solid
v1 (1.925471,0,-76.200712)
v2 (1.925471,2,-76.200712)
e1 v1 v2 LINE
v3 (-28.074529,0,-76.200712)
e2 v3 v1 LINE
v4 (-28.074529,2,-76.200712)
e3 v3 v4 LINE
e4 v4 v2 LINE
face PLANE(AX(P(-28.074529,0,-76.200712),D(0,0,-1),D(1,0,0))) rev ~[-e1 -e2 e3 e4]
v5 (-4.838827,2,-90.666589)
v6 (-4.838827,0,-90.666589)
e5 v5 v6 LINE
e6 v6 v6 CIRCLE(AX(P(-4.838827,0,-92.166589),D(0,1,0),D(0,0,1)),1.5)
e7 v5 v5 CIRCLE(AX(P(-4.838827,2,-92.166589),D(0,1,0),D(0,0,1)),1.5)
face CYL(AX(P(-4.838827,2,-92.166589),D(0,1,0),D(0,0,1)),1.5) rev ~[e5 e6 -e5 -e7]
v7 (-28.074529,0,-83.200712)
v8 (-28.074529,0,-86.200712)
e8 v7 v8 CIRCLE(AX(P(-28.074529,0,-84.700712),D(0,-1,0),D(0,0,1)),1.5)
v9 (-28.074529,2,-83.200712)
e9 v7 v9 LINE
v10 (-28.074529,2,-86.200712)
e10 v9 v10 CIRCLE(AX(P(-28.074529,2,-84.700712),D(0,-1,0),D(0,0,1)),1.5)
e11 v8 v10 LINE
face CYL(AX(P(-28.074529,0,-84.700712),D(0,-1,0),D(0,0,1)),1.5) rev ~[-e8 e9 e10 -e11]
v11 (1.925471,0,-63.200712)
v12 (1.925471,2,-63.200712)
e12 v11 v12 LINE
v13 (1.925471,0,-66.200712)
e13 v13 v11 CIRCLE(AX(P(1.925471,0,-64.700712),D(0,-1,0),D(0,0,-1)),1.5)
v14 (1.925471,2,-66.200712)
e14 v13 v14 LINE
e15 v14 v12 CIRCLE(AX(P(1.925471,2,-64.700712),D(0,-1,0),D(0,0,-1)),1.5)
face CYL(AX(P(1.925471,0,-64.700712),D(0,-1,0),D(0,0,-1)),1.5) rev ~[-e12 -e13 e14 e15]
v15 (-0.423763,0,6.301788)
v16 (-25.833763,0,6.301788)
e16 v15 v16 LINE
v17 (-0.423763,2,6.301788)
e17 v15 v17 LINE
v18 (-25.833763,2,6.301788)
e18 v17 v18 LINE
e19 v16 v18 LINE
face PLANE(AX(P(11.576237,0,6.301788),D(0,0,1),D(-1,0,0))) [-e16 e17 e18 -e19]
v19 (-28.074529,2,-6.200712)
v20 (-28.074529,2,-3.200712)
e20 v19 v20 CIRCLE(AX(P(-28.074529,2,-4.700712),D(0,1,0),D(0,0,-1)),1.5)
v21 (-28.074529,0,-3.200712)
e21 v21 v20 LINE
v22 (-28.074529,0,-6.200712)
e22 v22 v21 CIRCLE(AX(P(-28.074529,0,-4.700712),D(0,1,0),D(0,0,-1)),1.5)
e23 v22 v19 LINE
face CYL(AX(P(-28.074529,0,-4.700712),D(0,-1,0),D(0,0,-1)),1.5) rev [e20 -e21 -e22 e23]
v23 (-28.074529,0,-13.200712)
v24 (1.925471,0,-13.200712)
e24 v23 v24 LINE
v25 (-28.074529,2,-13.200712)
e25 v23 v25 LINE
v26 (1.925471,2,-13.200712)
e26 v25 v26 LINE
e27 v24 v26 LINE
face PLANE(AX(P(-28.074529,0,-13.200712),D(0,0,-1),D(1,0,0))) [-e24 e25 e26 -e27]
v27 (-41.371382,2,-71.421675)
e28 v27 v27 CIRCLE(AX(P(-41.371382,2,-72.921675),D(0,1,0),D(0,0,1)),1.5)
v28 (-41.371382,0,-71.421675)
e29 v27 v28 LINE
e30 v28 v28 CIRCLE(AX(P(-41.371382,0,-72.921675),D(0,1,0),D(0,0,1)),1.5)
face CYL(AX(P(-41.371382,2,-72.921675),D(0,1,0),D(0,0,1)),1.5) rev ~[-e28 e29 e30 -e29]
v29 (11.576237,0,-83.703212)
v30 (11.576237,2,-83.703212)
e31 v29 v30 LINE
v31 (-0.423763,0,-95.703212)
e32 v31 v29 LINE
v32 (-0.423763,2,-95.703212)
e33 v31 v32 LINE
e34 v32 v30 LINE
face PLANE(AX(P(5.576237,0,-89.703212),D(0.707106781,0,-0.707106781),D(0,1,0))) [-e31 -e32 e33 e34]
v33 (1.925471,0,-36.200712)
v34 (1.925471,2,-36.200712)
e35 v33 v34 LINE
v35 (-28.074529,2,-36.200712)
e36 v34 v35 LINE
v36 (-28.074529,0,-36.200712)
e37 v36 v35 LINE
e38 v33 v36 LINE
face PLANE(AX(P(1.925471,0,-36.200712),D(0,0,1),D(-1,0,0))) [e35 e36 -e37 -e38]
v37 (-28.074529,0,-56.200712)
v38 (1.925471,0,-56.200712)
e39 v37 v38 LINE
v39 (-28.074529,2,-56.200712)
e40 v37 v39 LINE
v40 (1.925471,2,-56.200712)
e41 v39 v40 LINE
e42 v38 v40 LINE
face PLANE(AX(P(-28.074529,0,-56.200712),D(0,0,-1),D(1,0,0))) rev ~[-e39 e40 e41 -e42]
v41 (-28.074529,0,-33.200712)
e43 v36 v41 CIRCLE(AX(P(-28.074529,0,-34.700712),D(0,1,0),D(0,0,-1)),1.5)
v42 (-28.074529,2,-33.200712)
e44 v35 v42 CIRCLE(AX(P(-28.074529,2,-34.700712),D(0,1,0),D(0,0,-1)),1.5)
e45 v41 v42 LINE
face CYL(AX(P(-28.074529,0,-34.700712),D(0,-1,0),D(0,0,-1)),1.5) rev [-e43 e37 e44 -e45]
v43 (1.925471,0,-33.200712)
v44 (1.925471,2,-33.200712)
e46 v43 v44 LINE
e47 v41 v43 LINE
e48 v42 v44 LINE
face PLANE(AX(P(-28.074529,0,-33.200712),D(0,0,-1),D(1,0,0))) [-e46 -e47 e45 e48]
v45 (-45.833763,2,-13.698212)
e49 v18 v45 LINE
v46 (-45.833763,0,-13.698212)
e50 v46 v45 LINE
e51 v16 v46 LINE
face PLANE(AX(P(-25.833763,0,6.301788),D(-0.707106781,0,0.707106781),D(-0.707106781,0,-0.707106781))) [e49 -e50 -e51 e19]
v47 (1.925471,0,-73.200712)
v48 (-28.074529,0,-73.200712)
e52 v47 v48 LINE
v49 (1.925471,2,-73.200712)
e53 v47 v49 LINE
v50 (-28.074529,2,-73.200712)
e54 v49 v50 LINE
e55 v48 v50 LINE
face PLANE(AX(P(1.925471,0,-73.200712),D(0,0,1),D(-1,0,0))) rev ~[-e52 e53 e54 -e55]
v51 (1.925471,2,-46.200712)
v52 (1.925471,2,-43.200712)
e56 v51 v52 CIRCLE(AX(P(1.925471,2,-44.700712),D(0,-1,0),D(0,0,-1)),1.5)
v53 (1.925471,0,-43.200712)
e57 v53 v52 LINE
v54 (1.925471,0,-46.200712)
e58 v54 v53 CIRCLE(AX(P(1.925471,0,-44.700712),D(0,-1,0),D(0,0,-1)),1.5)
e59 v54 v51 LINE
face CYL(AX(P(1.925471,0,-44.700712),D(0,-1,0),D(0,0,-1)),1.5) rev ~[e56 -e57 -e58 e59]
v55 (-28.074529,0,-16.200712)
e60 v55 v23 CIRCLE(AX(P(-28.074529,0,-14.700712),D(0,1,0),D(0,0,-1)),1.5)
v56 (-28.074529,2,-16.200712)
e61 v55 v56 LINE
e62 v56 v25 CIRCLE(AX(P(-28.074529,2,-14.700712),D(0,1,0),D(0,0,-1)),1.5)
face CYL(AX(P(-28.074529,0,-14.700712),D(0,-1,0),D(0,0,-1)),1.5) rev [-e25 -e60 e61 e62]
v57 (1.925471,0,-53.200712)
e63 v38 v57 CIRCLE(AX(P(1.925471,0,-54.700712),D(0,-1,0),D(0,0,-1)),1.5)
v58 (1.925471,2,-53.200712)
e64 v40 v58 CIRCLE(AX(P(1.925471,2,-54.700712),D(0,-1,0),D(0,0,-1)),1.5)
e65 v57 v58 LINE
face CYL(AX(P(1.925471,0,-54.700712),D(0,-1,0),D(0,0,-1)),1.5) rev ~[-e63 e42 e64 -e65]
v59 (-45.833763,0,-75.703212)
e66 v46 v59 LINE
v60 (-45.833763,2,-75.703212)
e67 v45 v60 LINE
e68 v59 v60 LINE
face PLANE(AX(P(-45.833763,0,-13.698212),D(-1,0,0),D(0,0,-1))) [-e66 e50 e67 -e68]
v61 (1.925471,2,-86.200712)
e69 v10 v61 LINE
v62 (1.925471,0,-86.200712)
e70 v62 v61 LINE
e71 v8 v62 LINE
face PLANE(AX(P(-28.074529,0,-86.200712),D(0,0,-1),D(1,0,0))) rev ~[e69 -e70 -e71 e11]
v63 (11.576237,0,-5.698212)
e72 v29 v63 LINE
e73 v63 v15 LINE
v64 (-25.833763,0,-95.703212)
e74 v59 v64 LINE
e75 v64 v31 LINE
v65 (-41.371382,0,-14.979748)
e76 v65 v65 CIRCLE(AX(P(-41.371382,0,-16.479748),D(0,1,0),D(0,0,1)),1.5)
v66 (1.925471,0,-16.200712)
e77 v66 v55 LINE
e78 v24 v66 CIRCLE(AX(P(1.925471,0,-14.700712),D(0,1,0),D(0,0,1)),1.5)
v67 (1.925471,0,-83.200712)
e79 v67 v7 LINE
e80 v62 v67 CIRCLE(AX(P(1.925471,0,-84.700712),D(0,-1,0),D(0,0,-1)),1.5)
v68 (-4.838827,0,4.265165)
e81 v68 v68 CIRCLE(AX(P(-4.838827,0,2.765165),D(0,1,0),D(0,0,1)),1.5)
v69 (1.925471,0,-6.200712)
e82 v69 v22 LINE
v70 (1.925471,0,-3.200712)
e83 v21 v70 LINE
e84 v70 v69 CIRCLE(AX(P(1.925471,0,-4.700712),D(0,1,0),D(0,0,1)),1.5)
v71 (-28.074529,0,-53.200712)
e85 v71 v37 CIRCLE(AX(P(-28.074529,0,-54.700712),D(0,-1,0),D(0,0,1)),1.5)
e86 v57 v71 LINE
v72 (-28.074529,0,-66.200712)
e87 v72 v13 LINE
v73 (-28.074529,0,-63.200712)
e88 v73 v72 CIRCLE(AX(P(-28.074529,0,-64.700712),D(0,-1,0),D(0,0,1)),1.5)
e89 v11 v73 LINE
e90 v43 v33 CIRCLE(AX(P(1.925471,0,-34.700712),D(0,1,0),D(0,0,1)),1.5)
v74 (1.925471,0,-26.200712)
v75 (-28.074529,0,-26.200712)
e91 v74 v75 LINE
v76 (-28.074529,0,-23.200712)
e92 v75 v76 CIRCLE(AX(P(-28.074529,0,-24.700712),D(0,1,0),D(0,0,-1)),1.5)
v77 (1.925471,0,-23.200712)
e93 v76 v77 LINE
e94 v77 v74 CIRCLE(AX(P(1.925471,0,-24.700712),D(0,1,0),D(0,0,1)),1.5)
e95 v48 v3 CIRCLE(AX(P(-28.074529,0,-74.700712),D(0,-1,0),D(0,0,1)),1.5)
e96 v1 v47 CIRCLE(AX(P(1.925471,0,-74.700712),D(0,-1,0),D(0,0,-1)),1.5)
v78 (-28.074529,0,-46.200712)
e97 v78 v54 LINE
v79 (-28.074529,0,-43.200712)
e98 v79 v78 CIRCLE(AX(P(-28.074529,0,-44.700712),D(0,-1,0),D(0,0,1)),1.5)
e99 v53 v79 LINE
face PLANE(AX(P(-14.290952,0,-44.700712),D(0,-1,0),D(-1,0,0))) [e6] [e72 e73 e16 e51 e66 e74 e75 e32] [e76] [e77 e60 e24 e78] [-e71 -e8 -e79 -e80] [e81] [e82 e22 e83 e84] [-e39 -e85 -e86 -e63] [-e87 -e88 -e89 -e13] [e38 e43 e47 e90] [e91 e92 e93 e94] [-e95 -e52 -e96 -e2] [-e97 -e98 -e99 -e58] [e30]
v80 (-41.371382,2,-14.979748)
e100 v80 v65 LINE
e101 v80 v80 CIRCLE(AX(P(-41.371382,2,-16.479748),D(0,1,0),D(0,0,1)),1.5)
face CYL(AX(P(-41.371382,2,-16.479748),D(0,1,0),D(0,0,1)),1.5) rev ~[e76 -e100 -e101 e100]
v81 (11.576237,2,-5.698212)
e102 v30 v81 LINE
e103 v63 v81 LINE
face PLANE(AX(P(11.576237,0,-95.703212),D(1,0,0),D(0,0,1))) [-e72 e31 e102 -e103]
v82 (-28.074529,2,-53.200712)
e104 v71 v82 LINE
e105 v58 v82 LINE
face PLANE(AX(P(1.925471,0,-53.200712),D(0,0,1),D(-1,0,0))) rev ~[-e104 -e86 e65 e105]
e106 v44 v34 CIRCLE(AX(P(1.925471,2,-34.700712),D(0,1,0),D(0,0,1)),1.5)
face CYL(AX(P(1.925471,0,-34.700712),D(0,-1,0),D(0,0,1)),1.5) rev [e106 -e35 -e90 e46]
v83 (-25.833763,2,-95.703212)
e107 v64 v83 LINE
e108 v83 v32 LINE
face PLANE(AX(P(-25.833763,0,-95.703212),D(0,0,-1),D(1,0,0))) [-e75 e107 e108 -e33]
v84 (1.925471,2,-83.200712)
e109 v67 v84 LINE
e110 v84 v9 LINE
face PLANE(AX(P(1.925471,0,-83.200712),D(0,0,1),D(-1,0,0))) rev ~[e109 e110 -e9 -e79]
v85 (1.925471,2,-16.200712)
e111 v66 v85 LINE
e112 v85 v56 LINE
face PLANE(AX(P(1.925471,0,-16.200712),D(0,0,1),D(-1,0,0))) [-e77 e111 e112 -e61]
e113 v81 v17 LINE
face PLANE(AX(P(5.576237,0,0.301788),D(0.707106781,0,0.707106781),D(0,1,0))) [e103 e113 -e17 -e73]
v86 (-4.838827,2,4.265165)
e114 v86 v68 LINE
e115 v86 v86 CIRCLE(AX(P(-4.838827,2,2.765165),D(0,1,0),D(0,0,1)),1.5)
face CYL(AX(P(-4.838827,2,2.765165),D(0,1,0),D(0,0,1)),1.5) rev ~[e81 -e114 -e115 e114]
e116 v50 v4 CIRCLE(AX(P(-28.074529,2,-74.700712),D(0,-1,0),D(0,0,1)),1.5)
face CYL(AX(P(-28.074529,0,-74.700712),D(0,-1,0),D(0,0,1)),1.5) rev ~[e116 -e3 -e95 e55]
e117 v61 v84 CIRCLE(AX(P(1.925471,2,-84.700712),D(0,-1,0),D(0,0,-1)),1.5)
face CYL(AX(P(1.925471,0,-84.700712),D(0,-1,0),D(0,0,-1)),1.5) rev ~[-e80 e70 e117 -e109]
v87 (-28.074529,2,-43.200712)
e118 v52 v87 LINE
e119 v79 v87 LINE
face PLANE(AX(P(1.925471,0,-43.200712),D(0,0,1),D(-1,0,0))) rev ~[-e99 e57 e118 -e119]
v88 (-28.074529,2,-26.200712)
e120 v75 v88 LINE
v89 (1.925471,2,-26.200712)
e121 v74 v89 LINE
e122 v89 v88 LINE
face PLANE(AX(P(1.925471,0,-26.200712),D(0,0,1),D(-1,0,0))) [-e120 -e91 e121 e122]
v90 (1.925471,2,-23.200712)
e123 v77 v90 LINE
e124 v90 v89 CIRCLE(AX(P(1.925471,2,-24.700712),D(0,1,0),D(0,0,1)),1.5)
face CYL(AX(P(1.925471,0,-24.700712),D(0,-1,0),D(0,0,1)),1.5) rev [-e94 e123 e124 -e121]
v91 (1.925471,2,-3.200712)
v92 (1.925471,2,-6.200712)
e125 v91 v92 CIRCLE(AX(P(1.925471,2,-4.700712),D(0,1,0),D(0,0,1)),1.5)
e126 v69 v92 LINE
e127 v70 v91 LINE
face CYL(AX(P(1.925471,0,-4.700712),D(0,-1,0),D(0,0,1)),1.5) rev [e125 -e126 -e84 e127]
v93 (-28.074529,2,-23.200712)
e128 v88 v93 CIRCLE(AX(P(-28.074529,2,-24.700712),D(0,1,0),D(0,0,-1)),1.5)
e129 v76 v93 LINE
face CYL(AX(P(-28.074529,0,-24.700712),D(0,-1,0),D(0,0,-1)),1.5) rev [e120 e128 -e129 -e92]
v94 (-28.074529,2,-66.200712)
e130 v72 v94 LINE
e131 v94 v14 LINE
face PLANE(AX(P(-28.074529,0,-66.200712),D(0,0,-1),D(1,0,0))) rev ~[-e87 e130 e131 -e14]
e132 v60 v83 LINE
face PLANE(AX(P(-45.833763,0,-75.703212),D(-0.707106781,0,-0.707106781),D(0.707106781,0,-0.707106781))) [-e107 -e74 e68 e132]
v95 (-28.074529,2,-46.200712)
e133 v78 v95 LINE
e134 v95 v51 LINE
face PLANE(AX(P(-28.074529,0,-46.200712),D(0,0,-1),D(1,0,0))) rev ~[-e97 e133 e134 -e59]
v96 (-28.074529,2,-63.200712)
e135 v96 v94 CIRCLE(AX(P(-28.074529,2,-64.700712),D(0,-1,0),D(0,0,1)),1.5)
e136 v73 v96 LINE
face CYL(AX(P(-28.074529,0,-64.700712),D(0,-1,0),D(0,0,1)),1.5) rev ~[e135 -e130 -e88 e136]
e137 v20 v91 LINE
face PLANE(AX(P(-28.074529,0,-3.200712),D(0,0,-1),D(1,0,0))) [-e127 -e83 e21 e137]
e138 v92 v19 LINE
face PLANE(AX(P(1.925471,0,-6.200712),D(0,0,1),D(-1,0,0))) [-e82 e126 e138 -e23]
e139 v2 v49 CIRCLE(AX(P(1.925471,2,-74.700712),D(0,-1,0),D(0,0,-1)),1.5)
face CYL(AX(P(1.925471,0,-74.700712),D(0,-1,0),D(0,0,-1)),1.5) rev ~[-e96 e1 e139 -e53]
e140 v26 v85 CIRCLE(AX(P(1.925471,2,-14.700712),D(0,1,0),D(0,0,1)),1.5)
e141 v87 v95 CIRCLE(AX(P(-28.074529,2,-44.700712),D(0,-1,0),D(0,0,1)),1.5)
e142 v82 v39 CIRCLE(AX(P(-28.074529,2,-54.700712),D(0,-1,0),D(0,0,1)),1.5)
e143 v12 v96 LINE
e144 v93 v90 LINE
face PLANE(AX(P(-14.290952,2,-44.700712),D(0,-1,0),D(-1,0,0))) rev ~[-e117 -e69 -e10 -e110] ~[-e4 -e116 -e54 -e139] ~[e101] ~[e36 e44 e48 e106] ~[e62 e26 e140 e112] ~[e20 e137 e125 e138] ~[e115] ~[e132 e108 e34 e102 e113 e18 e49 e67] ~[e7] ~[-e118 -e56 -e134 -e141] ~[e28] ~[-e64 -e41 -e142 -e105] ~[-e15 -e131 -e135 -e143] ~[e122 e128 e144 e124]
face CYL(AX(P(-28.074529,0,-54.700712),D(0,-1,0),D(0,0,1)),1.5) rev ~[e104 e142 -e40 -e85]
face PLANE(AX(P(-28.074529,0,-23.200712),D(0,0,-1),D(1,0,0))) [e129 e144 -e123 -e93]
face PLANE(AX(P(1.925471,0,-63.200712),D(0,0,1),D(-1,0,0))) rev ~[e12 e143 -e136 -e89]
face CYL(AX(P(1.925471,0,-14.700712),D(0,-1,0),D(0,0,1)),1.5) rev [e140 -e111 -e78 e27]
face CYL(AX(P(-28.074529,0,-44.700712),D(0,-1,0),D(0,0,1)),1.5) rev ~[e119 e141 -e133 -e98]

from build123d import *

# Parameters (mm, degrees)
BOSS_EXTRUDE1_DEPTH = 2
CHAMFER1_SIZE       = 12
SKETCH2_R           = 1.5
CUT_EXTRUDE1_DEPTH  = 10


with BuildPart() as part:
    # Sketch1 → Boss-Extrude1 (new body)
    with BuildSketch(Plane(origin=(0, 0, 0), x_dir=(1, 0, 0), z_dir=(0, 1, 0))):
        Polygon((-25.833763343, 95.703211573), (11.576236657, 95.703211573), (11.576236657, -6.301788427), (-25.833763343, -6.301788427), (-45.833763343, 13.698211573), (-45.833763343, 75.703211573), align=None)
        with BuildLine():
            Line((1.925471464, 43.200711573), (-28.074528536, 43.200711573))
            ThreePointArc((-28.074528536, 43.200711573), (-29.574528536, 44.700711573), (-28.074528536, 46.200711573))
            Line((-28.074528536, 46.200711573), (1.925471464, 46.200711573))
            ThreePointArc((1.925471464, 46.200711573), (3.425471464, 44.700711573), (1.925471464, 43.200711573))
        make_face(mode=Mode.SUBTRACT)
        with BuildLine():
            Line((1.925471464, 53.200711573), (-28.074528536, 53.200711573))
            ThreePointArc((-28.074528536, 53.200711573), (-29.574528536, 54.700711573), (-28.074528536, 56.200711573))
            Line((-28.074528536, 56.200711573), (1.925471464, 56.200711573))
            ThreePointArc((1.925471464, 56.200711573), (3.425471464, 54.700711573), (1.925471464, 53.200711573))
        make_face(mode=Mode.SUBTRACT)
        with BuildLine():
            Line((1.925471464, 63.200711573), (-28.074528536, 63.200711573))
            ThreePointArc((-28.074528536, 63.200711573), (-29.574528536, 64.700711573), (-28.074528536, 66.200711573))
            Line((-28.074528536, 66.200711573), (1.925471464, 66.200711573))
            ThreePointArc((1.925471464, 66.200711573), (3.425471464, 64.700711573), (1.925471464, 63.200711573))
        make_face(mode=Mode.SUBTRACT)
        with BuildLine():
            Line((1.925471464, 73.200711573), (-28.074528536, 73.200711573))
            ThreePointArc((-28.074528536, 73.200711573), (-29.574528536, 74.700711573), (-28.074528536, 76.200711573))
            Line((-28.074528536, 76.200711573), (1.925471464, 76.200711573))
            ThreePointArc((1.925471464, 76.200711573), (3.425471464, 74.700711573), (1.925471464, 73.200711573))
        make_face(mode=Mode.SUBTRACT)
        with BuildLine():
            Line((1.925471464, 83.200711573), (-28.074528536, 83.200711573))
            ThreePointArc((-28.074528536, 83.200711573), (-29.574528536, 84.700711573), (-28.074528536, 86.200711573))
            Line((-28.074528536, 86.200711573), (1.925471464, 86.200711573))
            ThreePointArc((1.925471464, 86.200711573), (3.425471464, 84.700711573), (1.925471464, 83.200711573))
        make_face(mode=Mode.SUBTRACT)
        with BuildLine():
            Line((1.925471464, 36.200711573), (-28.074528536, 36.200711573))
            ThreePointArc((-28.074528536, 36.200711573), (-29.574528536, 34.700711573), (-28.074528536, 33.200711573))
            Line((-28.074528536, 33.200711573), (1.925471464, 33.200711573))
            ThreePointArc((1.925471464, 33.200711573), (3.425471464, 34.700711573), (1.925471464, 36.200711573))
        make_face(mode=Mode.SUBTRACT)
        with BuildLine():
            Line((1.925471464, 26.200711573), (-28.074528536, 26.200711573))
            ThreePointArc((-28.074528536, 26.200711573), (-29.574528536, 24.700711573), (-28.074528536, 23.200711573))
            Line((-28.074528536, 23.200711573), (1.925471464, 23.200711573))
            ThreePointArc((1.925471464, 23.200711573), (3.425471464, 24.700711573), (1.925471464, 26.200711573))
        make_face(mode=Mode.SUBTRACT)
        with BuildLine():
            Line((1.925471464, 16.200711573), (-28.074528536, 16.200711573))
            ThreePointArc((-28.074528536, 16.200711573), (-29.574528536, 14.700711573), (-28.074528536, 13.200711573))
            Line((-28.074528536, 13.200711573), (1.925471464, 13.200711573))
            ThreePointArc((1.925471464, 13.200711573), (3.425471464, 14.700711573), (1.925471464, 16.200711573))
        make_face(mode=Mode.SUBTRACT)
        with BuildLine():
            Line((1.925471464, 6.200711573), (-28.074528536, 6.200711573))
            ThreePointArc((-28.074528536, 6.200711573), (-29.574528536, 4.700711573), (-28.074528536, 3.200711573))
            Line((-28.074528536, 3.200711573), (1.925471464, 3.200711573))
            ThreePointArc((1.925471464, 3.200711573), (3.425471464, 4.700711573), (1.925471464, 6.200711573))
        make_face(mode=Mode.SUBTRACT)
    extrude(amount=BOSS_EXTRUDE1_DEPTH)

    # Chamfer1
    chamfer1_edges = [part.edges().sort_by_distance(p)[0] for p in [
        (11.576236657, 1, -95.703211573),
        (11.576236657, 1, 6.301788427),
    ]]
    chamfer(chamfer1_edges, length=CHAMFER1_SIZE)

    # Sketch2 → Cut-Extrude1 (cut)
    with BuildSketch(Plane(origin=(0, 2, 0), x_dir=(1, 0, 0), z_dir=(0, 1, 0))):
        with Locations(Location((-4.838827122, 92.166588575, 0), (0, 0, 270))):
            Circle(SKETCH2_R)
        with Locations(Location((-41.371381926, 72.921675145, 0), (0, 0, 270))):
            Circle(SKETCH2_R)
        with Locations(Location((-41.371381926, 16.479748001, 0), (0, 0, 270))):
            Circle(SKETCH2_R)
        with Locations(Location((-4.838827122, -2.765165428, 0), (0, 0, 270))):
            Circle(SKETCH2_R)
    extrude(amount=-CUT_EXTRUDE1_DEPTH, mode=Mode.SUBTRACT)


solid = part.part
